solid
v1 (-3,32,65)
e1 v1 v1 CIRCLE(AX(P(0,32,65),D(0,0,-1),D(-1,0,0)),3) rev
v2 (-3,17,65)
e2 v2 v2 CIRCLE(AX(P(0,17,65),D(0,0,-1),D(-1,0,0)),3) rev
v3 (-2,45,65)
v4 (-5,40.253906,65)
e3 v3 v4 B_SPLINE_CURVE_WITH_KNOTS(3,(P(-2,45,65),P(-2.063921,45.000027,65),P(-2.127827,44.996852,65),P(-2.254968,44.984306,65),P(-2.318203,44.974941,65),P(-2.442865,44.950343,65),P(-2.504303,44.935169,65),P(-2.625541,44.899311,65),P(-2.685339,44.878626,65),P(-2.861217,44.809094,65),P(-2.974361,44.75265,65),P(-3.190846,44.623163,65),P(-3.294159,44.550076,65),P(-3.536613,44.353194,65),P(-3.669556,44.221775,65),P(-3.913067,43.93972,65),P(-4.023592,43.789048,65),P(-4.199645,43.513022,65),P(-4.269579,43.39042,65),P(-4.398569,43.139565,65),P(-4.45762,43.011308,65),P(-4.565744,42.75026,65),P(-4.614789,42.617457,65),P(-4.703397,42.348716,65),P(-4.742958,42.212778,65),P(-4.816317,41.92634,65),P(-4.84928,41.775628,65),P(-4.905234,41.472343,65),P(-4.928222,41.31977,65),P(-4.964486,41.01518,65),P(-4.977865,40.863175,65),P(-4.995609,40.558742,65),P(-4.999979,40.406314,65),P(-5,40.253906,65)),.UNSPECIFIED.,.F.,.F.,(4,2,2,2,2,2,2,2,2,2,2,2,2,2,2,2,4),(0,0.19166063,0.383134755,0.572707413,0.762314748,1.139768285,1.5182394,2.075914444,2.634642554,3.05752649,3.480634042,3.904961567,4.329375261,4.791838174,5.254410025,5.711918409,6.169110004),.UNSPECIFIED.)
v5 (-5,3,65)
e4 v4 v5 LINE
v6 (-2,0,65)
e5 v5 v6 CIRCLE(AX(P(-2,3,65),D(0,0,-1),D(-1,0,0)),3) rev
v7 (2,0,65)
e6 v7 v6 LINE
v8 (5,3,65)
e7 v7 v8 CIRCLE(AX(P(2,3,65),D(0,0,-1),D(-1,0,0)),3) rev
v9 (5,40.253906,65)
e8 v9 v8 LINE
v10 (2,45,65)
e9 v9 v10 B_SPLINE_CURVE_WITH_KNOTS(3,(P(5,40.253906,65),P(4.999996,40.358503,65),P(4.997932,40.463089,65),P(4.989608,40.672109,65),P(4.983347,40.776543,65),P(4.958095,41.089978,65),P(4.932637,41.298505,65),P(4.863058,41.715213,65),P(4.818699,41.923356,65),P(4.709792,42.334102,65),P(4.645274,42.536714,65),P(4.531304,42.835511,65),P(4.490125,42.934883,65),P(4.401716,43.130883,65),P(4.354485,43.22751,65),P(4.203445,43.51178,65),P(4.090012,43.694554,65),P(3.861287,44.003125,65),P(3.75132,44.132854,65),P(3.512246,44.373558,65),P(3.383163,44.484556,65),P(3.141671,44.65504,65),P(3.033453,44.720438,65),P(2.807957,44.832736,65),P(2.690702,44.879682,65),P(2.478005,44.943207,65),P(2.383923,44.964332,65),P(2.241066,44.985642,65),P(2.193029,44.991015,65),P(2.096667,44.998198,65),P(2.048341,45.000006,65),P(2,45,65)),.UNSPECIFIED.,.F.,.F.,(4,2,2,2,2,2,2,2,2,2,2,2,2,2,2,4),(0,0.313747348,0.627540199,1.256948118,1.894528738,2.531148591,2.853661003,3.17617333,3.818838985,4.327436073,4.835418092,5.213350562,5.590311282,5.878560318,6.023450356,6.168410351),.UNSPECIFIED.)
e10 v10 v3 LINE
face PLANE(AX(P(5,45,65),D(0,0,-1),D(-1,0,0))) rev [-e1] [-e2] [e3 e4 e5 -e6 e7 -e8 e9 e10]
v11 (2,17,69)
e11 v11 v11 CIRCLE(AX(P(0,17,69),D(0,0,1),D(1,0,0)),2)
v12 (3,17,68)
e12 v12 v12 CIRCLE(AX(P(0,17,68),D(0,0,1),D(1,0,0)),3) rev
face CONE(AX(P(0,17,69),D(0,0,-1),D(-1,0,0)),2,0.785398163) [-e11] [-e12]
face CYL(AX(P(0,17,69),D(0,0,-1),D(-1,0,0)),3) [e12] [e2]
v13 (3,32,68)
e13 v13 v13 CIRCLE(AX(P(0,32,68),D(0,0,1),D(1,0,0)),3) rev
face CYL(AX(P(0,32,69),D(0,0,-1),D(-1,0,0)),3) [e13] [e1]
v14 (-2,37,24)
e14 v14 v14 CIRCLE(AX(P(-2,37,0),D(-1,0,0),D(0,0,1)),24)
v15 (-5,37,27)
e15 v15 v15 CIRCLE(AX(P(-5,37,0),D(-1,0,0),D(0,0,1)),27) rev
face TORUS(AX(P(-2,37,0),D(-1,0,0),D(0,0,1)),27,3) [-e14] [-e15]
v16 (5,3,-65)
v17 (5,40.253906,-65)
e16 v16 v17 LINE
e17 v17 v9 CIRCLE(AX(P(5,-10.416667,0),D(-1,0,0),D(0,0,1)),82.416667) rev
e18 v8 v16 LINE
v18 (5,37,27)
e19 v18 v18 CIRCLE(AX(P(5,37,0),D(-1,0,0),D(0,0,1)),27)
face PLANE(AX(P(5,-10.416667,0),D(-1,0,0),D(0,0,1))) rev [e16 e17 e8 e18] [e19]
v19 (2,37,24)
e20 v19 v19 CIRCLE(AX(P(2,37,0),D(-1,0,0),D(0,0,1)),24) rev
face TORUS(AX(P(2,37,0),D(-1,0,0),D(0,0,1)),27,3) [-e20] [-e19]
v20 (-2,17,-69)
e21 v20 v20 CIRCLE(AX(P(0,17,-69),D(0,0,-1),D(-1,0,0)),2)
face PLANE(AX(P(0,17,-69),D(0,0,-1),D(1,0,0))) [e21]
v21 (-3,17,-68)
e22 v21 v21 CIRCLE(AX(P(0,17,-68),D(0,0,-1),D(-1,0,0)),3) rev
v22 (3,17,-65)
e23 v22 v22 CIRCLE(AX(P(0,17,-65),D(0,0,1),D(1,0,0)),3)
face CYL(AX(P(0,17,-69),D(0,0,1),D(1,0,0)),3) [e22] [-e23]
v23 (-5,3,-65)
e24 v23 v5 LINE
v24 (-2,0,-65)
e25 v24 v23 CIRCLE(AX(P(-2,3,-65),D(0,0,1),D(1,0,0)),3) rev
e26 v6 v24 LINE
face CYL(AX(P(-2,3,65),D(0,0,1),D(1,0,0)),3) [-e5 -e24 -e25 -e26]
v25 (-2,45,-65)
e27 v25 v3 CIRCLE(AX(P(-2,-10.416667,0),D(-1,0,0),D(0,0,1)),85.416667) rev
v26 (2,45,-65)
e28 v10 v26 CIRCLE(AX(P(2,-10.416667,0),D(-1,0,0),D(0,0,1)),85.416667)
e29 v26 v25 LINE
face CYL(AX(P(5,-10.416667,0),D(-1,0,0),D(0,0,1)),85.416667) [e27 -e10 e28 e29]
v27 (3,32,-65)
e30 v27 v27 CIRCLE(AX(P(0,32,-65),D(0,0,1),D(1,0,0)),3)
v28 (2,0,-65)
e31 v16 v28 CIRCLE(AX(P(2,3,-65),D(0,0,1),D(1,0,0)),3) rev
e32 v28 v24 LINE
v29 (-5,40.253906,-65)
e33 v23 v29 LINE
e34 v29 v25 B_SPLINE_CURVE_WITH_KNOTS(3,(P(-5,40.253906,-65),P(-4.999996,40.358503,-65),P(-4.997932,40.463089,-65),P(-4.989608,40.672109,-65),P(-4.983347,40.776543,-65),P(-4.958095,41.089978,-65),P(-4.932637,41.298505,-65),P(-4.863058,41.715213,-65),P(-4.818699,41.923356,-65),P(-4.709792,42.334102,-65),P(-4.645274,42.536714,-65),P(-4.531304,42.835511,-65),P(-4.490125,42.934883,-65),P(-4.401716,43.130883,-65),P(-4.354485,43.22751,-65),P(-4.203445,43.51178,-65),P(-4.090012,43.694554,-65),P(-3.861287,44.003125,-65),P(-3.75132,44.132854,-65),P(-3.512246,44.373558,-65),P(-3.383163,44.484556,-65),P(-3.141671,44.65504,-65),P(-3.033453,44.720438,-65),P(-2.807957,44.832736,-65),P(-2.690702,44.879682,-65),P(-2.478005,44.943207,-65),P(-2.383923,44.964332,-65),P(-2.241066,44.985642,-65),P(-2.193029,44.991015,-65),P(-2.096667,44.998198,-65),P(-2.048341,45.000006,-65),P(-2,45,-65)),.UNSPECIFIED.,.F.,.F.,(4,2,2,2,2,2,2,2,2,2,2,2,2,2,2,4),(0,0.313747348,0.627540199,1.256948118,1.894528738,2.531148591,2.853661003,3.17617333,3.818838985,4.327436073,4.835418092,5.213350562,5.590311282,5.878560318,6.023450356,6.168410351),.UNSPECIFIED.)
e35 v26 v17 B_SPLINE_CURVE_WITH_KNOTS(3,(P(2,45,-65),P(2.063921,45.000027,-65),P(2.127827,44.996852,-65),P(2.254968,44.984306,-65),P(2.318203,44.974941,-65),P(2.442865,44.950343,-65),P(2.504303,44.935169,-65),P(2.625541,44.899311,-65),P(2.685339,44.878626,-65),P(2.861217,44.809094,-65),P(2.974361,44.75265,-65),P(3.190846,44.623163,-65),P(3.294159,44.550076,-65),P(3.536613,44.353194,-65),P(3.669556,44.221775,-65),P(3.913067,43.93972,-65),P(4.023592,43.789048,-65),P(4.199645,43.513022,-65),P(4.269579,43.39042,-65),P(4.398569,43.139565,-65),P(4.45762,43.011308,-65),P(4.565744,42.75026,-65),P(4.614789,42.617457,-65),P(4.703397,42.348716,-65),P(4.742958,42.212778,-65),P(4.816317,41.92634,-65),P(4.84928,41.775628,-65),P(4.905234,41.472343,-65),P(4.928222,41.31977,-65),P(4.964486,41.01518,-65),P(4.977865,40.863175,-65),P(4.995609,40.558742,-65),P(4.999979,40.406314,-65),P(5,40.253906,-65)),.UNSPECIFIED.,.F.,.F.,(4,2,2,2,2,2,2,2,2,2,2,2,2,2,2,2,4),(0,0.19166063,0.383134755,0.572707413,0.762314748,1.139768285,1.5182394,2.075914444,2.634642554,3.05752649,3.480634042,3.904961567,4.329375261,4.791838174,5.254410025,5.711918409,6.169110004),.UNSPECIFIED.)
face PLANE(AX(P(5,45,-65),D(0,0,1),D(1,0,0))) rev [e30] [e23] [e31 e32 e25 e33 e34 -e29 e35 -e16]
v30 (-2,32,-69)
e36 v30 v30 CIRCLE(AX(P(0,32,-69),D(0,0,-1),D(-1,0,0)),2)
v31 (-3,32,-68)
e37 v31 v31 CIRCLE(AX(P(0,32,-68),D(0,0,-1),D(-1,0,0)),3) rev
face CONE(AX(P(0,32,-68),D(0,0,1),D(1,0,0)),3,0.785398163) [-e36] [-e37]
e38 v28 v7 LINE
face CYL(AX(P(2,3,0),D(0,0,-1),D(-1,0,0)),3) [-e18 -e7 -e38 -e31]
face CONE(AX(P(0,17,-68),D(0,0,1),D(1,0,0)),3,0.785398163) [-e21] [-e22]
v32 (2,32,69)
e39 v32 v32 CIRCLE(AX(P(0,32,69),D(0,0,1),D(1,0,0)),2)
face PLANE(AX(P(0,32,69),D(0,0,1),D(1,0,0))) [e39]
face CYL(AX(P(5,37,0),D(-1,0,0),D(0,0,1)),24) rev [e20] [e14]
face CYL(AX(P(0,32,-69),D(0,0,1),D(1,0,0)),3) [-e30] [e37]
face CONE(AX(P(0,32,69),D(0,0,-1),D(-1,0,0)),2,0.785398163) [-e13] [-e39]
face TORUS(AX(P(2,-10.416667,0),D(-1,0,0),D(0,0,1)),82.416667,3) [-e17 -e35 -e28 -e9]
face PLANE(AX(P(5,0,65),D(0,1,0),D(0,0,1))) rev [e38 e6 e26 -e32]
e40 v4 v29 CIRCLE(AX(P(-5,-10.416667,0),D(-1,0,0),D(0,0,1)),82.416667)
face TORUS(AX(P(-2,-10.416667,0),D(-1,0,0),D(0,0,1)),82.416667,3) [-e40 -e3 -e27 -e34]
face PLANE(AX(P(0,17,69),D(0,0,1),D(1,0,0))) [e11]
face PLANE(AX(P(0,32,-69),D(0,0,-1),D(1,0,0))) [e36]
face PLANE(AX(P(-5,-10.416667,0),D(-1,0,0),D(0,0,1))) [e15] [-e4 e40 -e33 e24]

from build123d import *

# Parameters (mm, degrees)
SKETCH_1_R                 = 24
EXTRUDE_1_DEPTH            = 5
SKETCH_2_R                 = 3
EXTRUDE_2_DEPTH            = 4
CHAMFER_1_SIZE             = 1
CHAMFER_1_OF_MIRROR_1_SIZE = 1
FILLET_1_R                 = 3


with BuildPart() as part:
    # 草圖1 → 伸長1 (new, symmetric)
    with BuildSketch(Plane(origin=(0, 0, 0), x_dir=(0, 0, -1), z_dir=(1, 0, 0))):
        with BuildLine():
            Line((-65, 45), (-65, 0))
            Line((-65, 0), (65, 0))
            Line((65, 0), (65, 45))
            ThreePointArc((65, 45), (0, 75), (-65, 45))
        make_face()
        with Locations((0, 37)):
            Circle(SKETCH_1_R, mode=Mode.SUBTRACT)
    extrude(amount=EXTRUDE_1_DEPTH, both=True)

    # 草圖2 → 伸長2 (add)
    with BuildSketch(Plane.XY.offset(65)):
        with Locations(Location((0, 32, 0), (0, 0, 180))):
            Circle(SKETCH_2_R)
        with Locations(Location((0, 17, 0), (0, 0, 180))):
            Circle(SKETCH_2_R)
    extrude_2 = extrude(amount=EXTRUDE_2_DEPTH)

    # 導角1
    chamfer_1_edges = [part.edges().sort_by_distance(p)[0] for p in [
        (3, 32, 69),
        (3, 17, 69),
    ]]
    chamfer(chamfer_1_edges, length=CHAMFER_1_SIZE)

    # 鏡射1: 伸長2 across plane
    add(extrude_2.mirror(Plane.XY))

    # 導角1 of 鏡射1
    chamfer_1_of_mirror_1_edges = [part.edges().sort_by_distance(p)[0] for p in [
        (3, 32, -69),
        (3, 17, -69),
    ]]
    chamfer(chamfer_1_of_mirror_1_edges, length=CHAMFER_1_OF_MIRROR_1_SIZE)

    # 圓角1
    fillet_1_edges = [part.edges().sort_by_distance(p)[0] for p in [
        (5, 0, 0),
        (-5, 37, 24),
        (5, 37, 24),
        (5, 75, 0),
        (-5, 0, 0),
        (-5, 75, 0),
    ]]
    fillet(fillet_1_edges, radius=FILLET_1_R)


solid = part.part
